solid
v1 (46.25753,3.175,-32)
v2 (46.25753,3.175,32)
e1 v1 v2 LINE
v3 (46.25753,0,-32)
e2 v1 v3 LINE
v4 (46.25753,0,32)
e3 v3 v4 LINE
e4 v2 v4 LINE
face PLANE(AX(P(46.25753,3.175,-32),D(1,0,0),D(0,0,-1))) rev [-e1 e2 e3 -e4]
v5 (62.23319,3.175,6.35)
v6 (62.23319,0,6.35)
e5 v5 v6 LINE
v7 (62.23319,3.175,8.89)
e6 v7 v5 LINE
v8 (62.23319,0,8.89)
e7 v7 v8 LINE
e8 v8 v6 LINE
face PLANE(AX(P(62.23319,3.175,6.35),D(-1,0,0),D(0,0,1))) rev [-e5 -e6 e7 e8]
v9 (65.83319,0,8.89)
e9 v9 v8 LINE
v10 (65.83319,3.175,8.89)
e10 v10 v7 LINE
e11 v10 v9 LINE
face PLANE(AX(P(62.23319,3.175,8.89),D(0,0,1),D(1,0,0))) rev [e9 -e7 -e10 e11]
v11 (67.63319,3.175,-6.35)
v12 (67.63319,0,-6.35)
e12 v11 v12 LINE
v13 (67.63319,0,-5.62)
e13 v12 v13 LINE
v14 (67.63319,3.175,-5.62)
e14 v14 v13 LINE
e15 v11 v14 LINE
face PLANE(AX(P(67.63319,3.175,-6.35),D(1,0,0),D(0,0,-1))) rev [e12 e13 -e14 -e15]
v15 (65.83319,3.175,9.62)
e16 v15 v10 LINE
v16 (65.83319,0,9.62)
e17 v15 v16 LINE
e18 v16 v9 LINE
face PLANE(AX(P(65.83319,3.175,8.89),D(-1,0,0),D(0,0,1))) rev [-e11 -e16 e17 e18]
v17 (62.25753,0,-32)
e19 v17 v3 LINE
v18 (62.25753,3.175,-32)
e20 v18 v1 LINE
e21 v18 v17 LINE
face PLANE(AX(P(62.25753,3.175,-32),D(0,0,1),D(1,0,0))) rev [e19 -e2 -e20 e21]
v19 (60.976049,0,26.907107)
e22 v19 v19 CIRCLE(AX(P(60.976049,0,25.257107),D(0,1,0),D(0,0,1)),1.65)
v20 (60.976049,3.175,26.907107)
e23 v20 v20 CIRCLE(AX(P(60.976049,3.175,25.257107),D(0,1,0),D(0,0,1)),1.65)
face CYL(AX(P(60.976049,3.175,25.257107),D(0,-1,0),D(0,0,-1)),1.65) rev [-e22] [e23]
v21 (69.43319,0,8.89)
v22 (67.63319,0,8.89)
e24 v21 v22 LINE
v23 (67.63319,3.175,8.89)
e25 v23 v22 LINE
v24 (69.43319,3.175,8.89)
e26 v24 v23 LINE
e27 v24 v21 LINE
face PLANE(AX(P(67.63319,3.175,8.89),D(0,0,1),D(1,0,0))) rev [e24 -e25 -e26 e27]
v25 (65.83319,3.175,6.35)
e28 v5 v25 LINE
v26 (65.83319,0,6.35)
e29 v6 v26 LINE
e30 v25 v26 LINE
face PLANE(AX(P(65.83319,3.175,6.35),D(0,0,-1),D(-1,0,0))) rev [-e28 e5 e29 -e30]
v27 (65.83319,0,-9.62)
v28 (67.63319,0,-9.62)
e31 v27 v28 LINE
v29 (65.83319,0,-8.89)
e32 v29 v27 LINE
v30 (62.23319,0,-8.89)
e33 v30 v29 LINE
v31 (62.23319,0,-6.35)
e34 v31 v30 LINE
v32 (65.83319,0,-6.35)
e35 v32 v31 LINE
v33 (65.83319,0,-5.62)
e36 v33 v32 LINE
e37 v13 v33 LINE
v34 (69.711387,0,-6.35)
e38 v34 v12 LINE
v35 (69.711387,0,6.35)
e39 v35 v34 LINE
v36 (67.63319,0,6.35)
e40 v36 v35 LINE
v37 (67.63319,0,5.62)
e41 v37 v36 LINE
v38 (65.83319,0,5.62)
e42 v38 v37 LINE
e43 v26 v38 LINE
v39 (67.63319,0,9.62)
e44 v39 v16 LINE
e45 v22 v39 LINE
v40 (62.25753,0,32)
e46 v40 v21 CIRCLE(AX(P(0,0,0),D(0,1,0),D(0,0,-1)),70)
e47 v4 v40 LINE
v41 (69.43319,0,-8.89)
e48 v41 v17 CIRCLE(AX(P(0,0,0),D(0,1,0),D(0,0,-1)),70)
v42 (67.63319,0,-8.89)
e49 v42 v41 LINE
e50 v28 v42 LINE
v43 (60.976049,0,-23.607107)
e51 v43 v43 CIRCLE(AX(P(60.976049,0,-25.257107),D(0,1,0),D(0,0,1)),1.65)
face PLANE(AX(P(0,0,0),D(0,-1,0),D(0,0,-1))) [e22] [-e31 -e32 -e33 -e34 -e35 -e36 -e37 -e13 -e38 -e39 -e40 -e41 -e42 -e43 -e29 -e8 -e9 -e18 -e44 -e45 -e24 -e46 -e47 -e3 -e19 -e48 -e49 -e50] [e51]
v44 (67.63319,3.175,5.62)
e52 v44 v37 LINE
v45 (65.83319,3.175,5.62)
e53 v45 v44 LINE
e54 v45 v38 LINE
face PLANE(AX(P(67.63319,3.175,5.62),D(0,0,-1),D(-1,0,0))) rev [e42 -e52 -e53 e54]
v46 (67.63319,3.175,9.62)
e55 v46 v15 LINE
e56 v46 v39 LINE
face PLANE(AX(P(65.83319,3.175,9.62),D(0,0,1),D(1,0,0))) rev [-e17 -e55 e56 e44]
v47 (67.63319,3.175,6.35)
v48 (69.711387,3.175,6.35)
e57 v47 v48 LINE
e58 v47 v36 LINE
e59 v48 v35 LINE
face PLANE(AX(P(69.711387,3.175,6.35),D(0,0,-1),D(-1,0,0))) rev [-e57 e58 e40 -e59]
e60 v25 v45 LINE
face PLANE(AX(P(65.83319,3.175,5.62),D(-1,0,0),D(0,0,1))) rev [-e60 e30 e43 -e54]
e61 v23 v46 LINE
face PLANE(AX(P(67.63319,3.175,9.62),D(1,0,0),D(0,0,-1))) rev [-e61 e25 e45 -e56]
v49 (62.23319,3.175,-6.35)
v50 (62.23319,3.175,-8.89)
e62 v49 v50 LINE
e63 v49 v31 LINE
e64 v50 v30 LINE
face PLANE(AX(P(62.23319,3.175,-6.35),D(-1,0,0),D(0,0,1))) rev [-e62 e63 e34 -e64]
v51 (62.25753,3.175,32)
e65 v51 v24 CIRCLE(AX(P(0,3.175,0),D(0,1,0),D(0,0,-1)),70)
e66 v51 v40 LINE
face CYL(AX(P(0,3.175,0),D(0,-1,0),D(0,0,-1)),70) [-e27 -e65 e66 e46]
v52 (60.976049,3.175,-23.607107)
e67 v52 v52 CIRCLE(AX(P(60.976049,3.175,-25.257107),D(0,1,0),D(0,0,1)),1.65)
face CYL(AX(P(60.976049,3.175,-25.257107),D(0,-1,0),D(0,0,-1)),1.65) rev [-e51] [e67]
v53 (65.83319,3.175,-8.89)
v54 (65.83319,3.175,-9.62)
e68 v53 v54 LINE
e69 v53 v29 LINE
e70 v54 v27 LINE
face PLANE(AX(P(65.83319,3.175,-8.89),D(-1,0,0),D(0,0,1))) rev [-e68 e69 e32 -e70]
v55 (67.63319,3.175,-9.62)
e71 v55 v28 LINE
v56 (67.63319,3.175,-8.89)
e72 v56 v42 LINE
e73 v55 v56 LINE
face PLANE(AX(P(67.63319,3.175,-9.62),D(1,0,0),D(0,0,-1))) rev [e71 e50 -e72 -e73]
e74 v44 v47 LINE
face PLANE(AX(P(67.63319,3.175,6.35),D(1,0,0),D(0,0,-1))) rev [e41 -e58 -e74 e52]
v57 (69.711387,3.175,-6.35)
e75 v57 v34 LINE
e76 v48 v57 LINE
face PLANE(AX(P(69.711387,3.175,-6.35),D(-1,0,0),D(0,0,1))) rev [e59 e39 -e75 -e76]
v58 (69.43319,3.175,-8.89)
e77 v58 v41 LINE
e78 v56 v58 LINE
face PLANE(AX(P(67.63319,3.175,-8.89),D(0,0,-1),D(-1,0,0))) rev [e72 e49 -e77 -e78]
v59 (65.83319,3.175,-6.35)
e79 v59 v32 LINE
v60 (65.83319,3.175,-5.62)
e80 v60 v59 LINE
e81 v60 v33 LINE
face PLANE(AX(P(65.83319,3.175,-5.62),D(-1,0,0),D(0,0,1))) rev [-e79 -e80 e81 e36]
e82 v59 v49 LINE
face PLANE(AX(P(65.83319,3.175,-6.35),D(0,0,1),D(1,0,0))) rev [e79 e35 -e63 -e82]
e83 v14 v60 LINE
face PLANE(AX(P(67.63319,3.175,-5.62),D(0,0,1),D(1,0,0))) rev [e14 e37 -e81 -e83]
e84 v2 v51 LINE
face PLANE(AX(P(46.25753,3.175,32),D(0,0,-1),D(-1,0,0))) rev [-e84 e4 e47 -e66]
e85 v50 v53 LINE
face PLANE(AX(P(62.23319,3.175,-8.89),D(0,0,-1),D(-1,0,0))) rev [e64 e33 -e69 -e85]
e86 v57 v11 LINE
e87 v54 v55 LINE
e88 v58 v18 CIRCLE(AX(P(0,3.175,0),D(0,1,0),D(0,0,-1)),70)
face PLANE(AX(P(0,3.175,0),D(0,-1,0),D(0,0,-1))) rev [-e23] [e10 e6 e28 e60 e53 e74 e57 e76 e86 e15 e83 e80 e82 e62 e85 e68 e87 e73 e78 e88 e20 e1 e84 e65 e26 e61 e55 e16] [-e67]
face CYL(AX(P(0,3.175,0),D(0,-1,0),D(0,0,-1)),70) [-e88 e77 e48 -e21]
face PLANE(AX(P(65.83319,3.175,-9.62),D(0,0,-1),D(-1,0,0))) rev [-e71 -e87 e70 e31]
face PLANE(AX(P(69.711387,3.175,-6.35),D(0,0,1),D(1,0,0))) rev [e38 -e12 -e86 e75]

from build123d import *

# Parameters (mm, degrees)
SKETCH1_R           = 1.65
BOSS_EXTRUDE1_DEPTH = 3.175


with BuildPart() as part:
    # Sketch1 → Boss-Extrude1 (new body)
    with BuildSketch(Plane(origin=(0, 0, 0), x_dir=(1, 0, 0), z_dir=(0, 1, 0))):
        with BuildLine():
            Line((62.257529665, 32), (46.257529665, 32))
            Line((46.257529665, 32), (46.257529665, -32))
            Line((46.257529665, -32), (62.257529665, -32))
            ThreePointArc((62.257529665, -32), (66.851547843, -20.757421588), (69.43319019, -8.89))
            Line((69.43319019, -8.89), (67.63319019, -8.89))
            Line((67.63319019, -8.89), (67.63319019, -9.62))
            Line((67.63319019, -9.62), (65.83319019, -9.62))
            Line((65.83319019, -9.62), (65.83319019, -8.89))
            Line((65.83319019, -8.89), (62.23319019, -8.89))
            Line((62.23319019, -8.89), (62.23319019, -6.35))
            Line((62.23319019, -6.35), (65.83319019, -6.35))
            Line((65.83319019, -6.35), (65.83319019, -5.62))
            Line((65.83319019, -5.62), (67.63319019, -5.62))
            Line((67.63319019, -5.62), (67.63319019, -6.35))
            Line((67.63319019, -6.35), (69.711387162, -6.35))
            Line((69.711387162, -6.35), (69.711387162, 6.35))
            Line((69.711387162, 6.35), (67.63319019, 6.35))
            Line((67.63319019, 6.35), (67.63319019, 5.62))
            Line((67.63319019, 5.62), (65.83319019, 5.62))
            Line((65.83319019, 5.62), (65.83319019, 6.35))
            Line((65.83319019, 6.35), (62.23319019, 6.35))
            Line((62.23319019, 6.35), (62.23319019, 8.89))
            Line((62.23319019, 8.89), (65.83319019, 8.89))
            Line((65.83319019, 8.89), (65.83319019, 9.62))
            Line((65.83319019, 9.62), (67.63319019, 9.62))
            Line((67.63319019, 9.62), (67.63319019, 8.89))
            Line((67.63319019, 8.89), (69.43319019, 8.89))
            ThreePointArc((69.43319019, 8.89), (66.851547843, 20.757421588), (62.257529665, 32))
        make_face()
        with Locations((60.976049146, -25.257106536)):
            Circle(SKETCH1_R, mode=Mode.SUBTRACT)
        with Locations((60.976049146, 25.257106536)):
            Circle(SKETCH1_R, mode=Mode.SUBTRACT)
    extrude(amount=BOSS_EXTRUDE1_DEPTH)


solid = part.part
